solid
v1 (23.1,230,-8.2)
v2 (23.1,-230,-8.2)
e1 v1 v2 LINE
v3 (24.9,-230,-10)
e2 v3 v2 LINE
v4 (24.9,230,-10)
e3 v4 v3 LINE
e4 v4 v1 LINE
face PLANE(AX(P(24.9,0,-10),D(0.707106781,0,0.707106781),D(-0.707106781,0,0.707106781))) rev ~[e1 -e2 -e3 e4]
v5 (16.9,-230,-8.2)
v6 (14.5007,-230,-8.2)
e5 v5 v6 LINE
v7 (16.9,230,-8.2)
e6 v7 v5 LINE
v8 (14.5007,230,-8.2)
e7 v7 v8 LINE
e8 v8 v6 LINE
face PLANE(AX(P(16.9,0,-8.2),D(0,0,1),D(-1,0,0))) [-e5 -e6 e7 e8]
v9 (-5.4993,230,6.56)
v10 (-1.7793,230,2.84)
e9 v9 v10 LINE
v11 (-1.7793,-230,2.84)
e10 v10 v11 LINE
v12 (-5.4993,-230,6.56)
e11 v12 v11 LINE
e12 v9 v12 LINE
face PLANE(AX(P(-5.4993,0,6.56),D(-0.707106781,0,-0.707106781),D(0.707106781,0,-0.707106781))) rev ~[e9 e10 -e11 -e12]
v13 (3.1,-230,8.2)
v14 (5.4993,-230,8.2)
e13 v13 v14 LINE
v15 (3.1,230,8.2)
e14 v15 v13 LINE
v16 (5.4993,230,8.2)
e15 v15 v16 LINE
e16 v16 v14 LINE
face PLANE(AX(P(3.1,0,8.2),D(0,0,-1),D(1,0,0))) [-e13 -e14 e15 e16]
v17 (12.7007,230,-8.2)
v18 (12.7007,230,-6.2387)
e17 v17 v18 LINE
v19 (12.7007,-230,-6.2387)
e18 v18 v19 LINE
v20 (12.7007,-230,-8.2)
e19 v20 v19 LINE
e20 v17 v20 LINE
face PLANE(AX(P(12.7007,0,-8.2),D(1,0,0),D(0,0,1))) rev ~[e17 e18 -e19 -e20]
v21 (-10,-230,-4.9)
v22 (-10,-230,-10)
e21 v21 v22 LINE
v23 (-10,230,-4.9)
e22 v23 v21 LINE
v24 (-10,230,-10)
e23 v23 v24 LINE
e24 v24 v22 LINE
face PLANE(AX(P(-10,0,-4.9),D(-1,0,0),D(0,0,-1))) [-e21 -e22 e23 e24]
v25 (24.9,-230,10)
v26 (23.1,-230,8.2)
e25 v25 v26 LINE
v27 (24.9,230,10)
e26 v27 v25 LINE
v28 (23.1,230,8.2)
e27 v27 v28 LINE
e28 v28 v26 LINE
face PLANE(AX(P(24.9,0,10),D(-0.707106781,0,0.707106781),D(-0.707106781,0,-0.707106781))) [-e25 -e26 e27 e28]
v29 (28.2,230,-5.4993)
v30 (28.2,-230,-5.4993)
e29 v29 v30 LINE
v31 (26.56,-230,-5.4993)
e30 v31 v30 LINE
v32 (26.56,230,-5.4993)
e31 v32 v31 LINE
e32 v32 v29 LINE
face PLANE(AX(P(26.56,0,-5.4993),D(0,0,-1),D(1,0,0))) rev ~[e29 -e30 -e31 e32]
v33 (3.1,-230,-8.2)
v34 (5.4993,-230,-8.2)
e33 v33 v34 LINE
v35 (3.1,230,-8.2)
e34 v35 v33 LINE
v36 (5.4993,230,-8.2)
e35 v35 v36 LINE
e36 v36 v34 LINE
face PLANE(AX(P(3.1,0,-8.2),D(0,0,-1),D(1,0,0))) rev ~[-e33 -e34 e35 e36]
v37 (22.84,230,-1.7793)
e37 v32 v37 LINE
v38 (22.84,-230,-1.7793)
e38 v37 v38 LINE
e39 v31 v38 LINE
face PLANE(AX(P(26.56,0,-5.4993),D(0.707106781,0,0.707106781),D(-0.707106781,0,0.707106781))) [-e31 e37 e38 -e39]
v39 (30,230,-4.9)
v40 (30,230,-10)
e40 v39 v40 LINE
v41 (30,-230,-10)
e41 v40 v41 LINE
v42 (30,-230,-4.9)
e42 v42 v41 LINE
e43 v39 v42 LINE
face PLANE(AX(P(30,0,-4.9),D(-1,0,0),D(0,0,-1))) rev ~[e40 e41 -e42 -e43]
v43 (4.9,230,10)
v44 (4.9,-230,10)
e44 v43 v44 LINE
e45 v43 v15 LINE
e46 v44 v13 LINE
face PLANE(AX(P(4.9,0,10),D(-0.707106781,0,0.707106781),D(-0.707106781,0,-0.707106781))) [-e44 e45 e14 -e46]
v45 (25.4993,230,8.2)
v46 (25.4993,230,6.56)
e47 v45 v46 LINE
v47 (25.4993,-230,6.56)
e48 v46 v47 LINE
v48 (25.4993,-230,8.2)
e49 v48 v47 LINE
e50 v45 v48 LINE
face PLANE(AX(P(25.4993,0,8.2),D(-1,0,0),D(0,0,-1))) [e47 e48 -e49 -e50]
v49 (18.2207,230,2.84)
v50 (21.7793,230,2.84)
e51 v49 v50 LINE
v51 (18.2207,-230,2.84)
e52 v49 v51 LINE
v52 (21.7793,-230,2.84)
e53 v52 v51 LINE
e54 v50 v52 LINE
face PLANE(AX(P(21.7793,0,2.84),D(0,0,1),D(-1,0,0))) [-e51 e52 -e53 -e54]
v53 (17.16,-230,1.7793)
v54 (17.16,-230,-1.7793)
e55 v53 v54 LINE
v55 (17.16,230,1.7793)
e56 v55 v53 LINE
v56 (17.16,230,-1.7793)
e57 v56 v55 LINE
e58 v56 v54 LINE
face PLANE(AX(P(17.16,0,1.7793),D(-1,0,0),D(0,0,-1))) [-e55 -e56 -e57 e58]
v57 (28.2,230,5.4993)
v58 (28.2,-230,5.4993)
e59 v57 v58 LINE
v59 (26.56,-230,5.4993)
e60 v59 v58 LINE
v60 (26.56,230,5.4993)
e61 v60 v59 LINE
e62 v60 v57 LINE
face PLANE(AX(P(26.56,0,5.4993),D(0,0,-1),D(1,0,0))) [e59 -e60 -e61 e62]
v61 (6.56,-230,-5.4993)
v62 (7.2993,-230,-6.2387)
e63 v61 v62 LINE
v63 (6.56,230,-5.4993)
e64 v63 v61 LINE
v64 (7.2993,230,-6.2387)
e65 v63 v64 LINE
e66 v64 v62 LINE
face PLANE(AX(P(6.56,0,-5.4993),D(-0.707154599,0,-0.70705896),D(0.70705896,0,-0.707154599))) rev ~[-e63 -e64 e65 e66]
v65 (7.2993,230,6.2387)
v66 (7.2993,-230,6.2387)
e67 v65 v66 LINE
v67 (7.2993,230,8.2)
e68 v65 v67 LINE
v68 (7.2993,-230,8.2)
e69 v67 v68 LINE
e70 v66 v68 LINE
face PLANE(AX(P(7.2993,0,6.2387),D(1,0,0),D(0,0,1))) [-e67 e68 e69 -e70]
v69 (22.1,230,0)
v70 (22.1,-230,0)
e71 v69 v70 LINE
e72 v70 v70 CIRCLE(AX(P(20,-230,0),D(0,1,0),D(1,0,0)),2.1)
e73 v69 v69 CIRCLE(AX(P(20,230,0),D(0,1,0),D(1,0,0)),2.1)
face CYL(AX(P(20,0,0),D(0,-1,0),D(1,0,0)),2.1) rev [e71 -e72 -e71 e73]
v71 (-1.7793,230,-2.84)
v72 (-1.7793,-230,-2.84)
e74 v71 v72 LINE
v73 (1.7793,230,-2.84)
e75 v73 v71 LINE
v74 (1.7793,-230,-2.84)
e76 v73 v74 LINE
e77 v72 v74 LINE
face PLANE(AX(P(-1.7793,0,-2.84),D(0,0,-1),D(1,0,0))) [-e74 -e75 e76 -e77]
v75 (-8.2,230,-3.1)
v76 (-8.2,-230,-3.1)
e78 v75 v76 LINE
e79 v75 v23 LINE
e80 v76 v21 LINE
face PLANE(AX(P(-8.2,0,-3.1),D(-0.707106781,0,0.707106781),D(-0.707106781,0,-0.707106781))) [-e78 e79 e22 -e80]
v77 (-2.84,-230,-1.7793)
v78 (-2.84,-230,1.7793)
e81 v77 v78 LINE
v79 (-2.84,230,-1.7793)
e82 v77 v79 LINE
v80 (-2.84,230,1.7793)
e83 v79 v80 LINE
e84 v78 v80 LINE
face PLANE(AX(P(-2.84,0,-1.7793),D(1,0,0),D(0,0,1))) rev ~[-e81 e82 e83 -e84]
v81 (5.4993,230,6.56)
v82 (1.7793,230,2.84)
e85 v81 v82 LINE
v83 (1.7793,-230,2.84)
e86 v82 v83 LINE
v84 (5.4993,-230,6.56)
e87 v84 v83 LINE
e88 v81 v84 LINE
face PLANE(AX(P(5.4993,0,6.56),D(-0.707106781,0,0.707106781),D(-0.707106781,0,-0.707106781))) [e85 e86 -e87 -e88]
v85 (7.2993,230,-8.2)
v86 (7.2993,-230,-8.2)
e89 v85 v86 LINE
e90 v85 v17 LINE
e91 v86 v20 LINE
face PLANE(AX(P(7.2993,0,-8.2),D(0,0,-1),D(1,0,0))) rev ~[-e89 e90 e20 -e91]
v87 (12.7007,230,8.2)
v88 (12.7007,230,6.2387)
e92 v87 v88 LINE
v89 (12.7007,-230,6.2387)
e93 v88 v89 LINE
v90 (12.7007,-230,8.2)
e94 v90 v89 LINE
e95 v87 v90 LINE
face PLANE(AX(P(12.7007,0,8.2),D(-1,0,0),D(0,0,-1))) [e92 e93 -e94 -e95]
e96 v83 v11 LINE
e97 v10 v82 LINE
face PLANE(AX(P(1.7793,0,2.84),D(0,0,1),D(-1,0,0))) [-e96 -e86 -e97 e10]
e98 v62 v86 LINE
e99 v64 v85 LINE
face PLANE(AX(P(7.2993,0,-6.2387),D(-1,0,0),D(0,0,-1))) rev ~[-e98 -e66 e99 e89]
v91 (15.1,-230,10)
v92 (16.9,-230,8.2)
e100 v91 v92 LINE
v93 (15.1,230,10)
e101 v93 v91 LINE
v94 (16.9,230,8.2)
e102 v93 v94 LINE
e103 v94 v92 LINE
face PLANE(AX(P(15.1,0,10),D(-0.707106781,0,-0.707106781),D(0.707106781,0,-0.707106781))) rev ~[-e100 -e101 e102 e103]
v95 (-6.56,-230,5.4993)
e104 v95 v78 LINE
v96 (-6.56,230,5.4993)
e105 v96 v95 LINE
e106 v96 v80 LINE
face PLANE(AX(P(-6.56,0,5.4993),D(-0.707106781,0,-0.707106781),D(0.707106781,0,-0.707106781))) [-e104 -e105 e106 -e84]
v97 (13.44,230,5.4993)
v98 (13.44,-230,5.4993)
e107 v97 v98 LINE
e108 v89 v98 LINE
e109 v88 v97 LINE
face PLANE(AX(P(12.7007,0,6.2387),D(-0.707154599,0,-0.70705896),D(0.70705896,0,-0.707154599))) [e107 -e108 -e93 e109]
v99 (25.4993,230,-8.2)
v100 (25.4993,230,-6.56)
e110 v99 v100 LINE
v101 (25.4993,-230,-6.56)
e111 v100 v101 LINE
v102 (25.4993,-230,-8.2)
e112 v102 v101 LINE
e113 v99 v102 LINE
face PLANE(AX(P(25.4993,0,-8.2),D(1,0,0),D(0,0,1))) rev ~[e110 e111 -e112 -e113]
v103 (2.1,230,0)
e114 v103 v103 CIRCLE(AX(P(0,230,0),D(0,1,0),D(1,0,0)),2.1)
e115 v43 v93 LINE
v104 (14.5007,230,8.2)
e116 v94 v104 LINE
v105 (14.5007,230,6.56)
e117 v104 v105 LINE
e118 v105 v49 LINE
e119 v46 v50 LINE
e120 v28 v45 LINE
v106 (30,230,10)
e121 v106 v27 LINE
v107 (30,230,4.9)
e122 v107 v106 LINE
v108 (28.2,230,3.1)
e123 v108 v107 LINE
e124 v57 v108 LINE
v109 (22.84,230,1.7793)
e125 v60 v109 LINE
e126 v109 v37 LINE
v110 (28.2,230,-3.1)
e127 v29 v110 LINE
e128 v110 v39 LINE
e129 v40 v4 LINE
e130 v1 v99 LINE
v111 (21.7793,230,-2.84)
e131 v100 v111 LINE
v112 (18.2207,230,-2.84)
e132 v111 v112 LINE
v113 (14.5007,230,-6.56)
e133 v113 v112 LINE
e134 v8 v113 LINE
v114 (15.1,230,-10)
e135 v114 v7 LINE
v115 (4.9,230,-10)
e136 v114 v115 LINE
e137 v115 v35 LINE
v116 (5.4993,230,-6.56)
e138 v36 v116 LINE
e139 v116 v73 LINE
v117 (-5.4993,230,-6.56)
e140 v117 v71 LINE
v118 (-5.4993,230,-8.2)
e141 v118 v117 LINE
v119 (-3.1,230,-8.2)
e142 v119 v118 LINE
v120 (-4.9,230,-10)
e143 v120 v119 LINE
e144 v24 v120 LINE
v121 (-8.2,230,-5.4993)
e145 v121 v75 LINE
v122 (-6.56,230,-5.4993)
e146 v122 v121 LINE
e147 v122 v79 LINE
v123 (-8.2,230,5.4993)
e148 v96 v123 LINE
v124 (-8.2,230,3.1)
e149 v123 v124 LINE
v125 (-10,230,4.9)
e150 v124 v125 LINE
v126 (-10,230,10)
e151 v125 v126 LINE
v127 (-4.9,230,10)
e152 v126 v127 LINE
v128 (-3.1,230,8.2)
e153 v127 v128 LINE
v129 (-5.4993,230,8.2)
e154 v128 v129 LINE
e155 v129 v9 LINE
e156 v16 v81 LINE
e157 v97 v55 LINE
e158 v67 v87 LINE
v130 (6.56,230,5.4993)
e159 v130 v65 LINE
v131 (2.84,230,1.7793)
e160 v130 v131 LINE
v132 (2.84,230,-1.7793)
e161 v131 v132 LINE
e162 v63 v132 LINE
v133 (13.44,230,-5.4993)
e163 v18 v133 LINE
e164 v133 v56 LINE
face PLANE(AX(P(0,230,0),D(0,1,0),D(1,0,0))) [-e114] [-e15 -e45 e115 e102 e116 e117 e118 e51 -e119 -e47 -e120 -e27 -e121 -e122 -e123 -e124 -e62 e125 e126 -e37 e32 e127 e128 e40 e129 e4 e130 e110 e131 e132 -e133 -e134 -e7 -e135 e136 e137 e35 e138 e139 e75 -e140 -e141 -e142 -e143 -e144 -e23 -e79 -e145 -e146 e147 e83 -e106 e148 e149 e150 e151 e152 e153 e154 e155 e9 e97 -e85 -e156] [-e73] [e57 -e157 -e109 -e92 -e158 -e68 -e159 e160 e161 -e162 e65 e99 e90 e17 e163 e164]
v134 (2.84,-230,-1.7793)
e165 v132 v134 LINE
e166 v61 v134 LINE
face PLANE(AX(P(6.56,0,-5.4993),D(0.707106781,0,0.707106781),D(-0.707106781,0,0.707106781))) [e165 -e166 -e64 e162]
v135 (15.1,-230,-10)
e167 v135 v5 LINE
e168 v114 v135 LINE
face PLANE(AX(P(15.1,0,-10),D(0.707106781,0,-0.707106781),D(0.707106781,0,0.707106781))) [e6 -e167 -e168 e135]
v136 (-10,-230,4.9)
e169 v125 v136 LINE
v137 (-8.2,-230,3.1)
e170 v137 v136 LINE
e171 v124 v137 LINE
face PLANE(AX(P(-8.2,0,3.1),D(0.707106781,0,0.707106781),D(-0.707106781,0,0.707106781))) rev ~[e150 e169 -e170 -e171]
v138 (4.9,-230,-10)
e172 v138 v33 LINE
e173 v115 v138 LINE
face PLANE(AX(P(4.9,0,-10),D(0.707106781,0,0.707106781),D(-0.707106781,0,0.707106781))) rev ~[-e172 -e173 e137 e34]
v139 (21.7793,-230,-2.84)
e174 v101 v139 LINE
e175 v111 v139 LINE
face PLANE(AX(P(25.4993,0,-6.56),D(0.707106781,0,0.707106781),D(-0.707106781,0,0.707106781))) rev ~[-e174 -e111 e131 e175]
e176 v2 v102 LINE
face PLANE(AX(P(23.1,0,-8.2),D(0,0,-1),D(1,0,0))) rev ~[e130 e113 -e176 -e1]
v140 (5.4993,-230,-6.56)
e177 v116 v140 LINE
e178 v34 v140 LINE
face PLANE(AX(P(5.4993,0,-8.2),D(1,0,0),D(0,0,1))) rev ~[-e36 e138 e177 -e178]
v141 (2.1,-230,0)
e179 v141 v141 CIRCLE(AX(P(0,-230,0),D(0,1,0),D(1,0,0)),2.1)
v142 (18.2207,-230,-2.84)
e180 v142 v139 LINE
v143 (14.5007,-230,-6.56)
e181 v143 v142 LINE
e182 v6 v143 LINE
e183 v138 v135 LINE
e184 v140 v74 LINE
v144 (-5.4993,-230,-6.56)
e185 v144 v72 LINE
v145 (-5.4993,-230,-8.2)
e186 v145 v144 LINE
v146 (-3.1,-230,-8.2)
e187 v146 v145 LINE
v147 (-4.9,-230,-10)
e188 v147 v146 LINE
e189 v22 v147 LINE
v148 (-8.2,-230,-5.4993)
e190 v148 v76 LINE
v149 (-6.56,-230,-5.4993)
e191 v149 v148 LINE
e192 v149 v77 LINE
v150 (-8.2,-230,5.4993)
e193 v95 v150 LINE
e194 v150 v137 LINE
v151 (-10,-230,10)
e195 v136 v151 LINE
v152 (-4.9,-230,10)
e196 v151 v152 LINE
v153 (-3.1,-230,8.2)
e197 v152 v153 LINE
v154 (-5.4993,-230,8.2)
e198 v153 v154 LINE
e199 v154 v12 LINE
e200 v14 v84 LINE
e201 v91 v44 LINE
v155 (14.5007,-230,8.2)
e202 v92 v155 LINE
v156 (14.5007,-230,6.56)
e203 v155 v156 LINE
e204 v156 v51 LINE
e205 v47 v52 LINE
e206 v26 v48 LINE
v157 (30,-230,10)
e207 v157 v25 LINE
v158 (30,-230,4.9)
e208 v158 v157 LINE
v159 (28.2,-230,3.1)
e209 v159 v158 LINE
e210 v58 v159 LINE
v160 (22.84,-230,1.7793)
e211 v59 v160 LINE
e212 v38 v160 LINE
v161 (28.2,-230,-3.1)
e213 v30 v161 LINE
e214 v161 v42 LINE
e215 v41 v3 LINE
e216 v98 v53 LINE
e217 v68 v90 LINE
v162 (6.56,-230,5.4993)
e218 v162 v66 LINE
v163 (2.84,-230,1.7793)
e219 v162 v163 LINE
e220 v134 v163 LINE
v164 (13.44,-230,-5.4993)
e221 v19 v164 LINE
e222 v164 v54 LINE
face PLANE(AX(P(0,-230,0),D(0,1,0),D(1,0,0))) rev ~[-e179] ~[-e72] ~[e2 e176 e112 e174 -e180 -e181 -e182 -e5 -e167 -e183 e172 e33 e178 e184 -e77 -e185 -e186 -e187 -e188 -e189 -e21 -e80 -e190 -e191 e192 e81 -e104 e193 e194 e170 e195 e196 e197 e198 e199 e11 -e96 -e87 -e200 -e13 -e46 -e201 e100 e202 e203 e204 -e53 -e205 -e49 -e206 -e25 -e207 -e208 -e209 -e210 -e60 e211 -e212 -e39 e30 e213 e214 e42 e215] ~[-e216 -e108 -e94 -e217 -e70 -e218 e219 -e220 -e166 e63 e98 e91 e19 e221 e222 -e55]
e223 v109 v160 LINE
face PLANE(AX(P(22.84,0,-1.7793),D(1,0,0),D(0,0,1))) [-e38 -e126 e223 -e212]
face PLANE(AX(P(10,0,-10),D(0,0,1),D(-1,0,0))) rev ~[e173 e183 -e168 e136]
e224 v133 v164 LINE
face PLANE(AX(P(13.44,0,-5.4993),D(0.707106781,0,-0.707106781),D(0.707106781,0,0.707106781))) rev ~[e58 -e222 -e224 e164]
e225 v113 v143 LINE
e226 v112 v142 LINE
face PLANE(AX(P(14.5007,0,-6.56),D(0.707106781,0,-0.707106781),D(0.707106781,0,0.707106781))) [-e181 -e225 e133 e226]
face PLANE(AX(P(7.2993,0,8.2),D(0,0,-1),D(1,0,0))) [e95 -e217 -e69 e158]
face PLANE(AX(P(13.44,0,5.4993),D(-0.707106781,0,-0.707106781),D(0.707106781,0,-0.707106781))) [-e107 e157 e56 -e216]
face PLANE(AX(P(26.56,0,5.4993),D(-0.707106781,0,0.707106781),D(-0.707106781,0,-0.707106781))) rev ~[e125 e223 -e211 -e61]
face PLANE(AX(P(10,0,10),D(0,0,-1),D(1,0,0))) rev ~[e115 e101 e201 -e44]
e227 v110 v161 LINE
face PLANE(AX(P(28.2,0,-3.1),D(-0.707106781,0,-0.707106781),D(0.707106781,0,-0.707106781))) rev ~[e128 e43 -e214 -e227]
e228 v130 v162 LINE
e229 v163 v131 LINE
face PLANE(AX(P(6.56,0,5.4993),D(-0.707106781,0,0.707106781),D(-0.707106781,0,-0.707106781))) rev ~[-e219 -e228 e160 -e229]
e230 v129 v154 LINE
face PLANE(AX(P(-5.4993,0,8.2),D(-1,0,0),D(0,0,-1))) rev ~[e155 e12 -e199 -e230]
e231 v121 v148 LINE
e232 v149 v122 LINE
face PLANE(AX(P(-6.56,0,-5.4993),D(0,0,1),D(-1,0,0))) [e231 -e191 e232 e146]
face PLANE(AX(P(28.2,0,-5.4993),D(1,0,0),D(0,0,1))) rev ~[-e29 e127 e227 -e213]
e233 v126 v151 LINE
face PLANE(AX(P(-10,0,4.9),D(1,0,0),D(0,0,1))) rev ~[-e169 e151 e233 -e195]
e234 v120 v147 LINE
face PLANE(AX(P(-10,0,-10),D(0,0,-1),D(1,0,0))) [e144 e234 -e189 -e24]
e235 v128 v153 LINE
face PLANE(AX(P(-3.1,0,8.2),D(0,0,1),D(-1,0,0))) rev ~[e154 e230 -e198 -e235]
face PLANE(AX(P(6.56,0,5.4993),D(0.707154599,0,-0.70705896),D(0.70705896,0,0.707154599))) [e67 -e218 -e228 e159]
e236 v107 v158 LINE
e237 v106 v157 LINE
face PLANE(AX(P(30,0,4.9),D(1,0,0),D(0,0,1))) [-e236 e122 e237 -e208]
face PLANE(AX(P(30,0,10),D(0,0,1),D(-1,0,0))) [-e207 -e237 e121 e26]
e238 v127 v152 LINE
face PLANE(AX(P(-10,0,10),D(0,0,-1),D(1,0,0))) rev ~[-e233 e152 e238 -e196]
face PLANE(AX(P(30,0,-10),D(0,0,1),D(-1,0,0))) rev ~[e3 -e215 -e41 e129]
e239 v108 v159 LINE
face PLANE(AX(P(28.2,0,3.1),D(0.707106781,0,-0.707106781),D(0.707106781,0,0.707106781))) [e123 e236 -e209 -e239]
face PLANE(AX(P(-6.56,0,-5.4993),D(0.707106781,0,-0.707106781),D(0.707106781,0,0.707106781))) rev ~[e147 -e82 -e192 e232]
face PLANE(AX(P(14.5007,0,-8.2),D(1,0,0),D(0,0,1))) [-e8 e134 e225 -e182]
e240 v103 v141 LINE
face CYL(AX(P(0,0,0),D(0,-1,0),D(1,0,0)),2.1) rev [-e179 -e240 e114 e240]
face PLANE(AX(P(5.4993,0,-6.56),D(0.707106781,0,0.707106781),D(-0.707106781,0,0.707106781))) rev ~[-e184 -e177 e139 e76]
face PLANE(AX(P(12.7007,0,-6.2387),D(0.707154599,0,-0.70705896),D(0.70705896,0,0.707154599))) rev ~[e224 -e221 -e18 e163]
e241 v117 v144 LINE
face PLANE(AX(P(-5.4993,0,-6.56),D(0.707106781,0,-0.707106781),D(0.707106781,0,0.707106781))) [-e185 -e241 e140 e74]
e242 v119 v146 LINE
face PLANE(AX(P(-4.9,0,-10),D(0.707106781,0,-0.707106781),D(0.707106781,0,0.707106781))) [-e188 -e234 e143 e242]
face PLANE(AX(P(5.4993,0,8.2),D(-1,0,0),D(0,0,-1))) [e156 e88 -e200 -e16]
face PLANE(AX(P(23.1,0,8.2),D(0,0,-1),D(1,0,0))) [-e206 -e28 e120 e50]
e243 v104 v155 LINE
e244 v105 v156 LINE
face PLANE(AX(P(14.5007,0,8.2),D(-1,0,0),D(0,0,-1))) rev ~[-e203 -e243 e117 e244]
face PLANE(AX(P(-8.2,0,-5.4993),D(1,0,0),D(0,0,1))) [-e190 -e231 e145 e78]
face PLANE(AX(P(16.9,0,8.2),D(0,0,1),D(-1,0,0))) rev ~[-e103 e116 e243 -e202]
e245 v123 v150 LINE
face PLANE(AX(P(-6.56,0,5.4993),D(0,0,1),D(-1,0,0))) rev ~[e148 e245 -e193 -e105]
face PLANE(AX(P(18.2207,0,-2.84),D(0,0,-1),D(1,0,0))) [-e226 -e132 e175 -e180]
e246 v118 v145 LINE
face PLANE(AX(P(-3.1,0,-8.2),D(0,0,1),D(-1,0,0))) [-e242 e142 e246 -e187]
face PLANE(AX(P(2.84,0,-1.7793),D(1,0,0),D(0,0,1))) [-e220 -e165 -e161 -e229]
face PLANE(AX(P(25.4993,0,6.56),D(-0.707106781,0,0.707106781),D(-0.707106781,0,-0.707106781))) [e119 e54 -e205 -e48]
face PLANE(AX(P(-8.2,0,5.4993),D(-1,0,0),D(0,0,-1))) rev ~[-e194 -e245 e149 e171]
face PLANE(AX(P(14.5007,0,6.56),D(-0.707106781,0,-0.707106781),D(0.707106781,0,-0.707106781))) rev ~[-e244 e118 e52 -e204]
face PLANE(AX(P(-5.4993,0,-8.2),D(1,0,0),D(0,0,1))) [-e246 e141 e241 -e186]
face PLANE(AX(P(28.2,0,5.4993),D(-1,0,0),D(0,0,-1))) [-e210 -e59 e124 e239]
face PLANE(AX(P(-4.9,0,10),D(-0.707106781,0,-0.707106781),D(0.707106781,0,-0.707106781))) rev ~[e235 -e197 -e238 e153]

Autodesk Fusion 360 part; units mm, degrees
sketch "Sketch1" plane through (0, 0, 0) normal (0, 1, 0) x (1, 0, 0)
  circle A0 centre (0, 0) radius 2.1
  line L0 (-6.56, 5.4993) -> (-8.2, 5.4993)
  line L1 (-8.2, 5.4993) -> (-8.2, 3.1)
  line L2 (-8.2, 3.1) -> (-10, 4.9)
  line L3 (-10, 4.9) -> (-10, 10)
  line L4 (-10, 10) -> (-4.9, 10)
  line L5 (-4.9, 10) -> (-3.1, 8.2)
  line L6 (-3.1, 8.2) -> (-5.4993, 8.2)
  line L7 (-5.4993, 8.2) -> (-5.4993, 6.56)
  line L8 (-5.4993, 6.56) -> (-1.7793, 2.84)
  line L9 (-6.56, 5.4993) -> (-2.84, 1.7793)
  line L10 (0, 0) -> (-10, 10) construction
  line L11 (0, 0) -> (0, 5) construction
  line L12 (0, 0) -> (-5, 0) construction
  line L13 (-2.84, 1.7793) -> (-2.84, 0)
  line L14 (-1.7793, 2.84) -> (0, 2.84)
  line L15 (-8.2, -3.1) -> (-10, -4.9)
  line L16 (-6.56, -5.4993) -> (-8.2, -5.4993)
  line L17 (-10, -4.9) -> (-10, -10)
  line L18 (-4.9, -10) -> (-3.1, -8.2)
  line L19 (-5.4993, -6.56) -> (-1.7793, -2.84)
  line L20 (-6.56, -5.4993) -> (-2.84, -1.7793)
  line L21 (-1.7793, -2.84) -> (0, -2.84)
  line L22 (-3.1, -8.2) -> (-5.4993, -8.2)
  line L23 (-8.2, -5.4993) -> (-8.2, -3.1)
  line L24 (-10, -10) -> (-4.9, -10)
  line L25 (-5.4993, -8.2) -> (-5.4993, -6.56)
  line L26 (-2.84, -1.7793) -> (-2.84, 0)
  line L27 (4.9, 10) -> (3.1, 8.2)
  line L28 (2.84, -1.7793) -> (2.84, 0)
  line L29 (6.56, -5.4993) -> (2.84, -1.7793)
  line L30 (1.7793, 2.84) -> (0, 2.84)
  line L31 (5.4993, -8.2) -> (5.4993, -6.56)
  line L32 (5.4993, -6.56) -> (1.7793, -2.84)
  line L33 (10, 10) -> (4.9, 10)
  line L34 (2.84, 1.7793) -> (2.84, 0)
  line L35 (3.1, 8.2) -> (5.4993, 8.2)
  line L36 (10, -10) -> (4.9, -10)
  line L37 (1.7793, -2.84) -> (0, -2.84)
  line L38 (5.4993, 6.56) -> (1.7793, 2.84)
  line L39 (4.9, -10) -> (3.1, -8.2)
  line L40 (6.56, 5.4993) -> (2.84, 1.7793)
  line L41 (5.4993, 8.2) -> (5.4993, 6.56)
  line L42 (3.1, -8.2) -> (5.4993, -8.2)
  line L43 (10, -4.9) -> (10, 4.9) construction
  line L44 (20, 0) -> (30, 10) construction
  line L45 (26.56, -5.4993) -> (28.2, -5.4993)
  line L46 (23.1, 8.2) -> (25.4993, 8.2)
  line L47 (30, 4.9) -> (30, 10)
  line L48 (26.56, 5.4993) -> (22.84, 1.7793)
  line L49 (22.84, -1.7793) -> (22.84, 0)
  line L50 (30, -4.9) -> (30, -10)
  line L51 (25.4993, -8.2) -> (25.4993, -6.56)
  line L52 (23.1, -8.2) -> (25.4993, -8.2)
  line L53 (28.2, 5.4993) -> (28.2, 3.1)
  line L54 (28.2, 3.1) -> (30, 4.9)
  line L55 (20, 0) -> (20, 5) construction
  line L56 (20, 0) -> (25, 0) construction
  line L57 (30, -10) -> (24.9, -10)
  line L58 (26.56, -5.4993) -> (22.84, -1.7793)
  line L59 (24.9, -10) -> (23.1, -8.2)
  line L60 (25.4993, 8.2) -> (25.4993, 6.56)
  line L61 (28.2, -3.1) -> (30, -4.9)
  line L62 (22.84, 1.7793) -> (22.84, 0)
  line L63 (28.2, -5.4993) -> (28.2, -3.1)
  line L64 (10, -10) -> (15.1, -10)
  line L65 (16.9, 8.2) -> (14.5007, 8.2)
  line L66 (18.2207, 2.84) -> (20, 2.84)
  line L67 (14.5007, -6.56) -> (18.2207, -2.84)
  line L68 (15.1, 10) -> (16.9, 8.2)
  line L69 (13.44, 5.4993) -> (17.16, 1.7793)
  line L70 (18.2207, -2.84) -> (20, -2.84)
  line L71 (17.16, 1.7793) -> (17.16, 0)
  line L72 (15.1, -10) -> (16.9, -8.2)
  line L73 (14.5007, 6.56) -> (18.2207, 2.84)
  line L74 (17.16, -1.7793) -> (17.16, 0)
  line L75 (21.7793, 2.84) -> (20, 2.84)
  line L76 (30, 10) -> (24.9, 10)
  line L77 (26.56, 5.4993) -> (28.2, 5.4993)
  line L78 (24.9, 10) -> (23.1, 8.2)
  line L79 (25.4993, -6.56) -> (21.7793, -2.84)
  line L80 (14.5007, 8.2) -> (14.5007, 6.56)
  line L81 (10, 10) -> (15.1, 10)
  circle A1 centre (20, 0) radius 2.1
  line L82 (14.5007, -8.2) -> (14.5007, -6.56)
  line L83 (21.7793, -2.84) -> (20, -2.84)
  line L84 (16.9, -8.2) -> (14.5007, -8.2)
  line L85 (25.4993, 6.56) -> (21.7793, 2.84)
  line L86 (13.44, -5.4993) -> (17.16, -1.7793)
  line L87 (6.56, 5.4993) -> (7.2993, 6.2387)
  line L88 (7.2993, 6.2387) -> (7.2993, 8.2)
  line L89 (7.2993, 8.2) -> (12.7007, 8.2)
  line L90 (12.7007, 8.2) -> (12.7007, 6.2387)
  line L91 (12.7007, 6.2387) -> (13.44, 5.4993)
  line L92 (6.56, -5.4993) -> (7.2993, -6.2387)
  line L93 (7.2993, -6.2387) -> (7.2993, -8.2)
  line L94 (7.2993, -8.2) -> (12.7007, -8.2)
  line L95 (12.7007, -8.2) -> (12.7007, -6.2387)
  line L96 (12.7007, -6.2387) -> (13.44, -5.4993)
  point P0 (5, 0)
  point P1 (15, 0)
  point P2 (20, 0)
  point P3 (20, 0)
  dimension "d1" = 4.2
  dimension "d2" = 10
  dimension "d3" = 10
  dimension "d4" = 3.1
  dimension "d5" = 1.8
  dimension "d6" = 0
  dimension "d7" = 1.5
  dimension "d8" = 1.64
  dimension "d9" = 135
  dimension "d10" = 0
  dimension "d11" = 2.84
  dimension "d12" = 0
  dimension "d13" = 0
  dimension "d14" = 20
  dimension "d15" = 0
  dimension "d16" = 0
extrude "Extrude1" add sketch "Sketch1" along normal mid plane 460
equation "d4 = ( 6.2 / 2 ) * 1 mm"
equation "d6 = d10"
equation "d10 = d9"
equation "d11 = ( 5.68 / 2 ) * 1 mm"
equation "d12 = d19"
equation "d13 = d13"
equation "d15 = d10"
equation "d16 = d29"
